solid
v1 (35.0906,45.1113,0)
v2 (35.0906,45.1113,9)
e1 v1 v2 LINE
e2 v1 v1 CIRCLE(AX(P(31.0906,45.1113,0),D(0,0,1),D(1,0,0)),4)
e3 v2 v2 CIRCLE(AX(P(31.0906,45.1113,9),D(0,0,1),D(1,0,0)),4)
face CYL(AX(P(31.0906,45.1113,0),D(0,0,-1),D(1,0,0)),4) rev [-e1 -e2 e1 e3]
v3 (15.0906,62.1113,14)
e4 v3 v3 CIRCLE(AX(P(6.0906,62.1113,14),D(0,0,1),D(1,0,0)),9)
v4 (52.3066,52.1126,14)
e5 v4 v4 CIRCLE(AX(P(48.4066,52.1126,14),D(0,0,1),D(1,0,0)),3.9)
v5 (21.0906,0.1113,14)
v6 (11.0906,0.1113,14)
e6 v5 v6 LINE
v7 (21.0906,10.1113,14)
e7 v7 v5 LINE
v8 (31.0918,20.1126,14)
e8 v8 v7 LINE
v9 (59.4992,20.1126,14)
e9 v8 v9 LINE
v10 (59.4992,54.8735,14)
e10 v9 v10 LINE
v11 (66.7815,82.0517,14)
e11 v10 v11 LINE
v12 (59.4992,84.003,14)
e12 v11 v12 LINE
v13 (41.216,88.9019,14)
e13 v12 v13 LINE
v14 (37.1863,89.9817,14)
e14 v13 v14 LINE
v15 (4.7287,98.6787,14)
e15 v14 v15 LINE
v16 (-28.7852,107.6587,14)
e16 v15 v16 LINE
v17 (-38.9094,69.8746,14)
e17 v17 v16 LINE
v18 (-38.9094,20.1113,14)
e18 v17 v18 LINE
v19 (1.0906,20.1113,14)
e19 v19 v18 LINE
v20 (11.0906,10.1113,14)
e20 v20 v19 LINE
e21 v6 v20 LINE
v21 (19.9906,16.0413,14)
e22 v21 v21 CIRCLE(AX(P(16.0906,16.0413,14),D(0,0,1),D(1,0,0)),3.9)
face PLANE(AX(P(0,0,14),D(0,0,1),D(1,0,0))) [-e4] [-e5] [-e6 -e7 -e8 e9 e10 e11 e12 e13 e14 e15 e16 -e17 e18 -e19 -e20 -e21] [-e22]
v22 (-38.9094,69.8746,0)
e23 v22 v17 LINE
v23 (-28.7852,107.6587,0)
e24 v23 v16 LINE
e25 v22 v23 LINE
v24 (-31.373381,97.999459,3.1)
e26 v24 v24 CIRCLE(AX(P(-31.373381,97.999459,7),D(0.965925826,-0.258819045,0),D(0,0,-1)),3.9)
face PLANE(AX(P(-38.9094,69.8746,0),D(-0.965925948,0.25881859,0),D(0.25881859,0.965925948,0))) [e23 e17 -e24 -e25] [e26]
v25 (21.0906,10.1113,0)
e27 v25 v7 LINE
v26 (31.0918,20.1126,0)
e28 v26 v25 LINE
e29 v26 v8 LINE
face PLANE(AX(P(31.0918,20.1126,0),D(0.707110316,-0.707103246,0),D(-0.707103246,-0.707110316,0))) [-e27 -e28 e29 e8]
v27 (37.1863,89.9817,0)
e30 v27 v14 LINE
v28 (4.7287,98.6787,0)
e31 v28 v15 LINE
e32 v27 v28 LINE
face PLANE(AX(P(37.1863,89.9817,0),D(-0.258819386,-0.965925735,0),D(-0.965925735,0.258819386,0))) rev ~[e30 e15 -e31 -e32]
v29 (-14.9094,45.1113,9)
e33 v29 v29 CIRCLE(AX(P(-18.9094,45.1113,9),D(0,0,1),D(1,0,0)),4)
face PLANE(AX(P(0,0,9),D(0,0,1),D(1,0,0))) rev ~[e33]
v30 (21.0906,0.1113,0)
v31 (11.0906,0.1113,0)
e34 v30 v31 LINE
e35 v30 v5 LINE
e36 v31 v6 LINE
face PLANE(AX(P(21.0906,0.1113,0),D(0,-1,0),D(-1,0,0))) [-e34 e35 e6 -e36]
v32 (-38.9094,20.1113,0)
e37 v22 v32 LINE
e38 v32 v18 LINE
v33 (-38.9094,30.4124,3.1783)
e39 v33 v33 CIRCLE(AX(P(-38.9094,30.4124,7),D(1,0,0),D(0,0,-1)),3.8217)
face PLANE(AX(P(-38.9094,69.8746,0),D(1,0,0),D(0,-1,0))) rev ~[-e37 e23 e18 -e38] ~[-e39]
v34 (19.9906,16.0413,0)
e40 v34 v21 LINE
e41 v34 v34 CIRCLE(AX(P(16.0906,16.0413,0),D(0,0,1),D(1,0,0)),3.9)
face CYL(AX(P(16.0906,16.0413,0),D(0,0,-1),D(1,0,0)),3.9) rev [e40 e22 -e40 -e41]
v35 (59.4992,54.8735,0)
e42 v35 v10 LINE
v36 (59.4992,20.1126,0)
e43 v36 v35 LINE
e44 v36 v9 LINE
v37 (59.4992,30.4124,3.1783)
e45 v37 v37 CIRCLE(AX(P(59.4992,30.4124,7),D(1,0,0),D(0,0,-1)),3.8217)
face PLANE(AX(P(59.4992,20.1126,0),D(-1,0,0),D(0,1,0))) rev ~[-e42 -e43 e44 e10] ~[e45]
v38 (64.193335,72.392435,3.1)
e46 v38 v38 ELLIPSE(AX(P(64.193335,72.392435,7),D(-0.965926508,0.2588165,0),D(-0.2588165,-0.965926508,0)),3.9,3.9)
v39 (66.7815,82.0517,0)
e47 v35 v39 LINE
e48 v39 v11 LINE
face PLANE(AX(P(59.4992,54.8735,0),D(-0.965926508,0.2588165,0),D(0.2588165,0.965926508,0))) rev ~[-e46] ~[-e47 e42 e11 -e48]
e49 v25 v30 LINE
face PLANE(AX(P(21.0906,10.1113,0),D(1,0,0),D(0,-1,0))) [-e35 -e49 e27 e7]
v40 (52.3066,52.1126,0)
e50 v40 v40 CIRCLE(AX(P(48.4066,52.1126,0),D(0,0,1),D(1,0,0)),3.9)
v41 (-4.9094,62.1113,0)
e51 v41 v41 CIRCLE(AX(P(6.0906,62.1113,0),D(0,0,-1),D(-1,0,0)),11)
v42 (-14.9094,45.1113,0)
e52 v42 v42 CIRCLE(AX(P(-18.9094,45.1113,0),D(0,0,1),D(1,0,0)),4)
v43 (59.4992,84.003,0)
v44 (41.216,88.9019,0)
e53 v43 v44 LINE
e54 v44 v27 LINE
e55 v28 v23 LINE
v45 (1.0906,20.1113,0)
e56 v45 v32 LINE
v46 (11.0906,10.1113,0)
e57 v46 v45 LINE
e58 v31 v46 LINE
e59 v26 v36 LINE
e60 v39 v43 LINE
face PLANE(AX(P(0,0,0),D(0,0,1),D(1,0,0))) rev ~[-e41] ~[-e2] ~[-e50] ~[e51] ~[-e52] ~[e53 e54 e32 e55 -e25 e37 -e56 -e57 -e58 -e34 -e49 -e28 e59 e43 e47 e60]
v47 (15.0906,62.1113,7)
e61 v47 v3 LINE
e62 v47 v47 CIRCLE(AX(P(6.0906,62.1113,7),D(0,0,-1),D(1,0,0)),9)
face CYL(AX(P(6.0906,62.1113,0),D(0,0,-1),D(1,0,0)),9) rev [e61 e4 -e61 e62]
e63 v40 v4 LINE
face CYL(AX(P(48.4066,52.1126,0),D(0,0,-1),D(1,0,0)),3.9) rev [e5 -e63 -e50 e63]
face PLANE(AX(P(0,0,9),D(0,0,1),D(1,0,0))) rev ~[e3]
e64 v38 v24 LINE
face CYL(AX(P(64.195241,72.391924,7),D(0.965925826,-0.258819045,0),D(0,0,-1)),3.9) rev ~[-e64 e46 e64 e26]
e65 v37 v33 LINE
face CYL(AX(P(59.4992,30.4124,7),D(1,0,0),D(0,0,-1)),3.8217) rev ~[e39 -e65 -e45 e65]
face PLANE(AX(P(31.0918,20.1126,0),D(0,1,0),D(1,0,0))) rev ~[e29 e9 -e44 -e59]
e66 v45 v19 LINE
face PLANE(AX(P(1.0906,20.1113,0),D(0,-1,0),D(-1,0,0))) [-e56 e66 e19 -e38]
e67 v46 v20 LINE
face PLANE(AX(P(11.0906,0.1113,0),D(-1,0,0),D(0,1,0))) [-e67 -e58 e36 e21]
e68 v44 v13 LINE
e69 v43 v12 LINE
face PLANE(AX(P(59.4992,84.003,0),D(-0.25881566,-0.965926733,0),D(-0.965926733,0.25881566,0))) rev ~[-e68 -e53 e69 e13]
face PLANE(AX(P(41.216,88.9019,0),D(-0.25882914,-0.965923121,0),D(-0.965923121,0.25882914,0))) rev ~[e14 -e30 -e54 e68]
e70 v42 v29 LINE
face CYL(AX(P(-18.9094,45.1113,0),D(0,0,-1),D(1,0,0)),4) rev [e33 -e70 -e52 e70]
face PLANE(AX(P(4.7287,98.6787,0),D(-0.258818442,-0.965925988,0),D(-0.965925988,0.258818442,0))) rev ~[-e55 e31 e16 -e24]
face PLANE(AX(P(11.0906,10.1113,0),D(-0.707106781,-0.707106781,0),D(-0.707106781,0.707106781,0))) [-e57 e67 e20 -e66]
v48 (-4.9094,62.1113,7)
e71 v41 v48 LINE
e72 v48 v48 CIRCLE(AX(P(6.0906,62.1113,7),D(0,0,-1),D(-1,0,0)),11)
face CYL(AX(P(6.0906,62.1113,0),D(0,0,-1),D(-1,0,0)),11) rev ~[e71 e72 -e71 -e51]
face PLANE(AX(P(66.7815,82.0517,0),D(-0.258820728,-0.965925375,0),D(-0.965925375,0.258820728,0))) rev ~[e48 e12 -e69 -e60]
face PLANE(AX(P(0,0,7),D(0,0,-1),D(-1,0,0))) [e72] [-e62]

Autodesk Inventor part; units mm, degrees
ref_plane "YZ Plane" through (0, 0, 0) normal (1, 0, 0) x (0, 1, 0)
ref_plane "XZ Plane" through (0, 0, 0) normal (0, 1, 0) x (-1, 0, 0)
ref_plane "XY Plane" through (0, 0, 0) normal (0, 0, 1) x (1, 0, 0)
sketch "Sketch1" plane through (0, 0, 0) normal (0, 0, 1) x (1, 0, 0)
  line L0 (11.0906, 0.1113) -> (11.0906, 10.1113)
  line L1 (11.0906, 10.1113) -> (1.0906, 20.1113)
  line L2 (31.0918, 20.1126) -> (21.0906, 10.1113)
  line L3 (21.0906, 10.1113) -> (21.0906, 0.1113)
  line L4 (21.0906, 0.1113) -> (11.0906, 0.1113)
  circle A0 centre (16.0906, 16.0413) radius 3.9
  line L5 (37.1863, 89.9817) -> (4.7287, 98.6787)
  line L6 (41.216, 88.9019) -> (37.1863, 89.9817)
  circle A1 centre (31.0906, 45.1113) radius 4
  circle A2 centre (-18.9094, 45.1113) radius 4
  line L7 (1.0906, 20.1113) -> (-38.9094, 20.1113)
  line L8 (4.7287, 98.6787) -> (-28.7852, 107.6587)
  circle A3 centre (6.0906, 62.1113) radius 9
  line L9 (-38.9094, 69.8746) -> (-28.7852, 107.6587)
  line L10 (31.0918, 20.1126) -> (59.4992, 20.1126)
  line L11 (59.4992, 20.1126) -> (59.4992, 54.8735)
  line L12 (59.4992, 84.003) -> (41.216, 88.9019)
  line L13 (59.4992, 54.8735) -> (66.7815, 82.0517)
  line L14 (66.7815, 82.0517) -> (59.4992, 84.003)
  circle A4 centre (48.4066, 52.1126) radius 3.9
  line L15 (-38.9094, 69.8746) -> (-38.9094, 20.1113)
  point P0 (0, 0)
  dimension "d2" = 10
  dimension "d5" = 135
  dimension "d6" = 135
  dimension "d7" = 10
  dimension "d8" = 10
  dimension "d11" = 7.8
  dimension "d14" = 8
  dimension "d15" = 8
  dimension "d16" = 50
  dimension "d20" = 18
  dimension "d21" = 17
  dimension "d24" = 25
  dimension "d30" = 90
  dimension "d31" = 39.117
  dimension "d51" = 7.8
  dimension "d52" = 10
  dimension "d53" = 32
  dimension "d71" = 34.7609
  dimension "d72" = 25
  dimension "d73" = 25
  dimension "d74" = 5
  dimension "d75" = 49.7632
  dimension "d77" = 28.4086
extrude "Extrusion6" add sketch "Sketch1" along normal blind 14
sketch "Sketch6" plane through (59.4992, 20.1126, 0) normal (1, 0, 0) x (0, 0, -1)
  circle A0 centre (-7, 10.2998) radius 3.8217
  line L0 (0, -20.0012) -> (-14, -20.0012) projected
  point P0 (0, -20.1126)
  dimension "d76" = 30.301
extrude "Extrusion7" cut sketch "Sketch6" against normal blind 120
sketch "Sketch7" plane through (66.7815, 82.0517, 14) normal (0.9659, -0.2588, 0) x (0, 0, -1)
  line L0 (14, 0) -> (0, 0) projected
  circle A0 centre (7, -10) radius 3.9
  point P0 (14, -96.5401)
  dimension "d58" = 7.8
  dimension "d60" = 10
extrude "Extrusion8" cut sketch "Sketch7" against normal blind 120
sketch "Sketch8" plane through (0, 0, 0) normal (0, 0, -1) x (-1, 0, 0)
  circle A0 centre (-6.0906, 62.1113) radius 9 projected
  circle A1 centre (-6.0906, 62.1113) radius 11
  point P0 (0, 0)
  dimension "d63" = 22
extrude "Extrusion9" cut sketch "Sketch8" against normal blind 7
sketch "Sketch9" plane through (0, 0, 14) normal (0, 0, 1) x (1, 0, 0)
  circle A0 centre (-18.9094, 45.1113) radius 4 projected
  circle A1 centre (31.0906, 45.1113) radius 4 projected
  point P0 (0, 0)
extrude "Extrusion10" add sketch "Sketch9" against normal blind 5
properties part number "Vertex Bottom tensioner left"
